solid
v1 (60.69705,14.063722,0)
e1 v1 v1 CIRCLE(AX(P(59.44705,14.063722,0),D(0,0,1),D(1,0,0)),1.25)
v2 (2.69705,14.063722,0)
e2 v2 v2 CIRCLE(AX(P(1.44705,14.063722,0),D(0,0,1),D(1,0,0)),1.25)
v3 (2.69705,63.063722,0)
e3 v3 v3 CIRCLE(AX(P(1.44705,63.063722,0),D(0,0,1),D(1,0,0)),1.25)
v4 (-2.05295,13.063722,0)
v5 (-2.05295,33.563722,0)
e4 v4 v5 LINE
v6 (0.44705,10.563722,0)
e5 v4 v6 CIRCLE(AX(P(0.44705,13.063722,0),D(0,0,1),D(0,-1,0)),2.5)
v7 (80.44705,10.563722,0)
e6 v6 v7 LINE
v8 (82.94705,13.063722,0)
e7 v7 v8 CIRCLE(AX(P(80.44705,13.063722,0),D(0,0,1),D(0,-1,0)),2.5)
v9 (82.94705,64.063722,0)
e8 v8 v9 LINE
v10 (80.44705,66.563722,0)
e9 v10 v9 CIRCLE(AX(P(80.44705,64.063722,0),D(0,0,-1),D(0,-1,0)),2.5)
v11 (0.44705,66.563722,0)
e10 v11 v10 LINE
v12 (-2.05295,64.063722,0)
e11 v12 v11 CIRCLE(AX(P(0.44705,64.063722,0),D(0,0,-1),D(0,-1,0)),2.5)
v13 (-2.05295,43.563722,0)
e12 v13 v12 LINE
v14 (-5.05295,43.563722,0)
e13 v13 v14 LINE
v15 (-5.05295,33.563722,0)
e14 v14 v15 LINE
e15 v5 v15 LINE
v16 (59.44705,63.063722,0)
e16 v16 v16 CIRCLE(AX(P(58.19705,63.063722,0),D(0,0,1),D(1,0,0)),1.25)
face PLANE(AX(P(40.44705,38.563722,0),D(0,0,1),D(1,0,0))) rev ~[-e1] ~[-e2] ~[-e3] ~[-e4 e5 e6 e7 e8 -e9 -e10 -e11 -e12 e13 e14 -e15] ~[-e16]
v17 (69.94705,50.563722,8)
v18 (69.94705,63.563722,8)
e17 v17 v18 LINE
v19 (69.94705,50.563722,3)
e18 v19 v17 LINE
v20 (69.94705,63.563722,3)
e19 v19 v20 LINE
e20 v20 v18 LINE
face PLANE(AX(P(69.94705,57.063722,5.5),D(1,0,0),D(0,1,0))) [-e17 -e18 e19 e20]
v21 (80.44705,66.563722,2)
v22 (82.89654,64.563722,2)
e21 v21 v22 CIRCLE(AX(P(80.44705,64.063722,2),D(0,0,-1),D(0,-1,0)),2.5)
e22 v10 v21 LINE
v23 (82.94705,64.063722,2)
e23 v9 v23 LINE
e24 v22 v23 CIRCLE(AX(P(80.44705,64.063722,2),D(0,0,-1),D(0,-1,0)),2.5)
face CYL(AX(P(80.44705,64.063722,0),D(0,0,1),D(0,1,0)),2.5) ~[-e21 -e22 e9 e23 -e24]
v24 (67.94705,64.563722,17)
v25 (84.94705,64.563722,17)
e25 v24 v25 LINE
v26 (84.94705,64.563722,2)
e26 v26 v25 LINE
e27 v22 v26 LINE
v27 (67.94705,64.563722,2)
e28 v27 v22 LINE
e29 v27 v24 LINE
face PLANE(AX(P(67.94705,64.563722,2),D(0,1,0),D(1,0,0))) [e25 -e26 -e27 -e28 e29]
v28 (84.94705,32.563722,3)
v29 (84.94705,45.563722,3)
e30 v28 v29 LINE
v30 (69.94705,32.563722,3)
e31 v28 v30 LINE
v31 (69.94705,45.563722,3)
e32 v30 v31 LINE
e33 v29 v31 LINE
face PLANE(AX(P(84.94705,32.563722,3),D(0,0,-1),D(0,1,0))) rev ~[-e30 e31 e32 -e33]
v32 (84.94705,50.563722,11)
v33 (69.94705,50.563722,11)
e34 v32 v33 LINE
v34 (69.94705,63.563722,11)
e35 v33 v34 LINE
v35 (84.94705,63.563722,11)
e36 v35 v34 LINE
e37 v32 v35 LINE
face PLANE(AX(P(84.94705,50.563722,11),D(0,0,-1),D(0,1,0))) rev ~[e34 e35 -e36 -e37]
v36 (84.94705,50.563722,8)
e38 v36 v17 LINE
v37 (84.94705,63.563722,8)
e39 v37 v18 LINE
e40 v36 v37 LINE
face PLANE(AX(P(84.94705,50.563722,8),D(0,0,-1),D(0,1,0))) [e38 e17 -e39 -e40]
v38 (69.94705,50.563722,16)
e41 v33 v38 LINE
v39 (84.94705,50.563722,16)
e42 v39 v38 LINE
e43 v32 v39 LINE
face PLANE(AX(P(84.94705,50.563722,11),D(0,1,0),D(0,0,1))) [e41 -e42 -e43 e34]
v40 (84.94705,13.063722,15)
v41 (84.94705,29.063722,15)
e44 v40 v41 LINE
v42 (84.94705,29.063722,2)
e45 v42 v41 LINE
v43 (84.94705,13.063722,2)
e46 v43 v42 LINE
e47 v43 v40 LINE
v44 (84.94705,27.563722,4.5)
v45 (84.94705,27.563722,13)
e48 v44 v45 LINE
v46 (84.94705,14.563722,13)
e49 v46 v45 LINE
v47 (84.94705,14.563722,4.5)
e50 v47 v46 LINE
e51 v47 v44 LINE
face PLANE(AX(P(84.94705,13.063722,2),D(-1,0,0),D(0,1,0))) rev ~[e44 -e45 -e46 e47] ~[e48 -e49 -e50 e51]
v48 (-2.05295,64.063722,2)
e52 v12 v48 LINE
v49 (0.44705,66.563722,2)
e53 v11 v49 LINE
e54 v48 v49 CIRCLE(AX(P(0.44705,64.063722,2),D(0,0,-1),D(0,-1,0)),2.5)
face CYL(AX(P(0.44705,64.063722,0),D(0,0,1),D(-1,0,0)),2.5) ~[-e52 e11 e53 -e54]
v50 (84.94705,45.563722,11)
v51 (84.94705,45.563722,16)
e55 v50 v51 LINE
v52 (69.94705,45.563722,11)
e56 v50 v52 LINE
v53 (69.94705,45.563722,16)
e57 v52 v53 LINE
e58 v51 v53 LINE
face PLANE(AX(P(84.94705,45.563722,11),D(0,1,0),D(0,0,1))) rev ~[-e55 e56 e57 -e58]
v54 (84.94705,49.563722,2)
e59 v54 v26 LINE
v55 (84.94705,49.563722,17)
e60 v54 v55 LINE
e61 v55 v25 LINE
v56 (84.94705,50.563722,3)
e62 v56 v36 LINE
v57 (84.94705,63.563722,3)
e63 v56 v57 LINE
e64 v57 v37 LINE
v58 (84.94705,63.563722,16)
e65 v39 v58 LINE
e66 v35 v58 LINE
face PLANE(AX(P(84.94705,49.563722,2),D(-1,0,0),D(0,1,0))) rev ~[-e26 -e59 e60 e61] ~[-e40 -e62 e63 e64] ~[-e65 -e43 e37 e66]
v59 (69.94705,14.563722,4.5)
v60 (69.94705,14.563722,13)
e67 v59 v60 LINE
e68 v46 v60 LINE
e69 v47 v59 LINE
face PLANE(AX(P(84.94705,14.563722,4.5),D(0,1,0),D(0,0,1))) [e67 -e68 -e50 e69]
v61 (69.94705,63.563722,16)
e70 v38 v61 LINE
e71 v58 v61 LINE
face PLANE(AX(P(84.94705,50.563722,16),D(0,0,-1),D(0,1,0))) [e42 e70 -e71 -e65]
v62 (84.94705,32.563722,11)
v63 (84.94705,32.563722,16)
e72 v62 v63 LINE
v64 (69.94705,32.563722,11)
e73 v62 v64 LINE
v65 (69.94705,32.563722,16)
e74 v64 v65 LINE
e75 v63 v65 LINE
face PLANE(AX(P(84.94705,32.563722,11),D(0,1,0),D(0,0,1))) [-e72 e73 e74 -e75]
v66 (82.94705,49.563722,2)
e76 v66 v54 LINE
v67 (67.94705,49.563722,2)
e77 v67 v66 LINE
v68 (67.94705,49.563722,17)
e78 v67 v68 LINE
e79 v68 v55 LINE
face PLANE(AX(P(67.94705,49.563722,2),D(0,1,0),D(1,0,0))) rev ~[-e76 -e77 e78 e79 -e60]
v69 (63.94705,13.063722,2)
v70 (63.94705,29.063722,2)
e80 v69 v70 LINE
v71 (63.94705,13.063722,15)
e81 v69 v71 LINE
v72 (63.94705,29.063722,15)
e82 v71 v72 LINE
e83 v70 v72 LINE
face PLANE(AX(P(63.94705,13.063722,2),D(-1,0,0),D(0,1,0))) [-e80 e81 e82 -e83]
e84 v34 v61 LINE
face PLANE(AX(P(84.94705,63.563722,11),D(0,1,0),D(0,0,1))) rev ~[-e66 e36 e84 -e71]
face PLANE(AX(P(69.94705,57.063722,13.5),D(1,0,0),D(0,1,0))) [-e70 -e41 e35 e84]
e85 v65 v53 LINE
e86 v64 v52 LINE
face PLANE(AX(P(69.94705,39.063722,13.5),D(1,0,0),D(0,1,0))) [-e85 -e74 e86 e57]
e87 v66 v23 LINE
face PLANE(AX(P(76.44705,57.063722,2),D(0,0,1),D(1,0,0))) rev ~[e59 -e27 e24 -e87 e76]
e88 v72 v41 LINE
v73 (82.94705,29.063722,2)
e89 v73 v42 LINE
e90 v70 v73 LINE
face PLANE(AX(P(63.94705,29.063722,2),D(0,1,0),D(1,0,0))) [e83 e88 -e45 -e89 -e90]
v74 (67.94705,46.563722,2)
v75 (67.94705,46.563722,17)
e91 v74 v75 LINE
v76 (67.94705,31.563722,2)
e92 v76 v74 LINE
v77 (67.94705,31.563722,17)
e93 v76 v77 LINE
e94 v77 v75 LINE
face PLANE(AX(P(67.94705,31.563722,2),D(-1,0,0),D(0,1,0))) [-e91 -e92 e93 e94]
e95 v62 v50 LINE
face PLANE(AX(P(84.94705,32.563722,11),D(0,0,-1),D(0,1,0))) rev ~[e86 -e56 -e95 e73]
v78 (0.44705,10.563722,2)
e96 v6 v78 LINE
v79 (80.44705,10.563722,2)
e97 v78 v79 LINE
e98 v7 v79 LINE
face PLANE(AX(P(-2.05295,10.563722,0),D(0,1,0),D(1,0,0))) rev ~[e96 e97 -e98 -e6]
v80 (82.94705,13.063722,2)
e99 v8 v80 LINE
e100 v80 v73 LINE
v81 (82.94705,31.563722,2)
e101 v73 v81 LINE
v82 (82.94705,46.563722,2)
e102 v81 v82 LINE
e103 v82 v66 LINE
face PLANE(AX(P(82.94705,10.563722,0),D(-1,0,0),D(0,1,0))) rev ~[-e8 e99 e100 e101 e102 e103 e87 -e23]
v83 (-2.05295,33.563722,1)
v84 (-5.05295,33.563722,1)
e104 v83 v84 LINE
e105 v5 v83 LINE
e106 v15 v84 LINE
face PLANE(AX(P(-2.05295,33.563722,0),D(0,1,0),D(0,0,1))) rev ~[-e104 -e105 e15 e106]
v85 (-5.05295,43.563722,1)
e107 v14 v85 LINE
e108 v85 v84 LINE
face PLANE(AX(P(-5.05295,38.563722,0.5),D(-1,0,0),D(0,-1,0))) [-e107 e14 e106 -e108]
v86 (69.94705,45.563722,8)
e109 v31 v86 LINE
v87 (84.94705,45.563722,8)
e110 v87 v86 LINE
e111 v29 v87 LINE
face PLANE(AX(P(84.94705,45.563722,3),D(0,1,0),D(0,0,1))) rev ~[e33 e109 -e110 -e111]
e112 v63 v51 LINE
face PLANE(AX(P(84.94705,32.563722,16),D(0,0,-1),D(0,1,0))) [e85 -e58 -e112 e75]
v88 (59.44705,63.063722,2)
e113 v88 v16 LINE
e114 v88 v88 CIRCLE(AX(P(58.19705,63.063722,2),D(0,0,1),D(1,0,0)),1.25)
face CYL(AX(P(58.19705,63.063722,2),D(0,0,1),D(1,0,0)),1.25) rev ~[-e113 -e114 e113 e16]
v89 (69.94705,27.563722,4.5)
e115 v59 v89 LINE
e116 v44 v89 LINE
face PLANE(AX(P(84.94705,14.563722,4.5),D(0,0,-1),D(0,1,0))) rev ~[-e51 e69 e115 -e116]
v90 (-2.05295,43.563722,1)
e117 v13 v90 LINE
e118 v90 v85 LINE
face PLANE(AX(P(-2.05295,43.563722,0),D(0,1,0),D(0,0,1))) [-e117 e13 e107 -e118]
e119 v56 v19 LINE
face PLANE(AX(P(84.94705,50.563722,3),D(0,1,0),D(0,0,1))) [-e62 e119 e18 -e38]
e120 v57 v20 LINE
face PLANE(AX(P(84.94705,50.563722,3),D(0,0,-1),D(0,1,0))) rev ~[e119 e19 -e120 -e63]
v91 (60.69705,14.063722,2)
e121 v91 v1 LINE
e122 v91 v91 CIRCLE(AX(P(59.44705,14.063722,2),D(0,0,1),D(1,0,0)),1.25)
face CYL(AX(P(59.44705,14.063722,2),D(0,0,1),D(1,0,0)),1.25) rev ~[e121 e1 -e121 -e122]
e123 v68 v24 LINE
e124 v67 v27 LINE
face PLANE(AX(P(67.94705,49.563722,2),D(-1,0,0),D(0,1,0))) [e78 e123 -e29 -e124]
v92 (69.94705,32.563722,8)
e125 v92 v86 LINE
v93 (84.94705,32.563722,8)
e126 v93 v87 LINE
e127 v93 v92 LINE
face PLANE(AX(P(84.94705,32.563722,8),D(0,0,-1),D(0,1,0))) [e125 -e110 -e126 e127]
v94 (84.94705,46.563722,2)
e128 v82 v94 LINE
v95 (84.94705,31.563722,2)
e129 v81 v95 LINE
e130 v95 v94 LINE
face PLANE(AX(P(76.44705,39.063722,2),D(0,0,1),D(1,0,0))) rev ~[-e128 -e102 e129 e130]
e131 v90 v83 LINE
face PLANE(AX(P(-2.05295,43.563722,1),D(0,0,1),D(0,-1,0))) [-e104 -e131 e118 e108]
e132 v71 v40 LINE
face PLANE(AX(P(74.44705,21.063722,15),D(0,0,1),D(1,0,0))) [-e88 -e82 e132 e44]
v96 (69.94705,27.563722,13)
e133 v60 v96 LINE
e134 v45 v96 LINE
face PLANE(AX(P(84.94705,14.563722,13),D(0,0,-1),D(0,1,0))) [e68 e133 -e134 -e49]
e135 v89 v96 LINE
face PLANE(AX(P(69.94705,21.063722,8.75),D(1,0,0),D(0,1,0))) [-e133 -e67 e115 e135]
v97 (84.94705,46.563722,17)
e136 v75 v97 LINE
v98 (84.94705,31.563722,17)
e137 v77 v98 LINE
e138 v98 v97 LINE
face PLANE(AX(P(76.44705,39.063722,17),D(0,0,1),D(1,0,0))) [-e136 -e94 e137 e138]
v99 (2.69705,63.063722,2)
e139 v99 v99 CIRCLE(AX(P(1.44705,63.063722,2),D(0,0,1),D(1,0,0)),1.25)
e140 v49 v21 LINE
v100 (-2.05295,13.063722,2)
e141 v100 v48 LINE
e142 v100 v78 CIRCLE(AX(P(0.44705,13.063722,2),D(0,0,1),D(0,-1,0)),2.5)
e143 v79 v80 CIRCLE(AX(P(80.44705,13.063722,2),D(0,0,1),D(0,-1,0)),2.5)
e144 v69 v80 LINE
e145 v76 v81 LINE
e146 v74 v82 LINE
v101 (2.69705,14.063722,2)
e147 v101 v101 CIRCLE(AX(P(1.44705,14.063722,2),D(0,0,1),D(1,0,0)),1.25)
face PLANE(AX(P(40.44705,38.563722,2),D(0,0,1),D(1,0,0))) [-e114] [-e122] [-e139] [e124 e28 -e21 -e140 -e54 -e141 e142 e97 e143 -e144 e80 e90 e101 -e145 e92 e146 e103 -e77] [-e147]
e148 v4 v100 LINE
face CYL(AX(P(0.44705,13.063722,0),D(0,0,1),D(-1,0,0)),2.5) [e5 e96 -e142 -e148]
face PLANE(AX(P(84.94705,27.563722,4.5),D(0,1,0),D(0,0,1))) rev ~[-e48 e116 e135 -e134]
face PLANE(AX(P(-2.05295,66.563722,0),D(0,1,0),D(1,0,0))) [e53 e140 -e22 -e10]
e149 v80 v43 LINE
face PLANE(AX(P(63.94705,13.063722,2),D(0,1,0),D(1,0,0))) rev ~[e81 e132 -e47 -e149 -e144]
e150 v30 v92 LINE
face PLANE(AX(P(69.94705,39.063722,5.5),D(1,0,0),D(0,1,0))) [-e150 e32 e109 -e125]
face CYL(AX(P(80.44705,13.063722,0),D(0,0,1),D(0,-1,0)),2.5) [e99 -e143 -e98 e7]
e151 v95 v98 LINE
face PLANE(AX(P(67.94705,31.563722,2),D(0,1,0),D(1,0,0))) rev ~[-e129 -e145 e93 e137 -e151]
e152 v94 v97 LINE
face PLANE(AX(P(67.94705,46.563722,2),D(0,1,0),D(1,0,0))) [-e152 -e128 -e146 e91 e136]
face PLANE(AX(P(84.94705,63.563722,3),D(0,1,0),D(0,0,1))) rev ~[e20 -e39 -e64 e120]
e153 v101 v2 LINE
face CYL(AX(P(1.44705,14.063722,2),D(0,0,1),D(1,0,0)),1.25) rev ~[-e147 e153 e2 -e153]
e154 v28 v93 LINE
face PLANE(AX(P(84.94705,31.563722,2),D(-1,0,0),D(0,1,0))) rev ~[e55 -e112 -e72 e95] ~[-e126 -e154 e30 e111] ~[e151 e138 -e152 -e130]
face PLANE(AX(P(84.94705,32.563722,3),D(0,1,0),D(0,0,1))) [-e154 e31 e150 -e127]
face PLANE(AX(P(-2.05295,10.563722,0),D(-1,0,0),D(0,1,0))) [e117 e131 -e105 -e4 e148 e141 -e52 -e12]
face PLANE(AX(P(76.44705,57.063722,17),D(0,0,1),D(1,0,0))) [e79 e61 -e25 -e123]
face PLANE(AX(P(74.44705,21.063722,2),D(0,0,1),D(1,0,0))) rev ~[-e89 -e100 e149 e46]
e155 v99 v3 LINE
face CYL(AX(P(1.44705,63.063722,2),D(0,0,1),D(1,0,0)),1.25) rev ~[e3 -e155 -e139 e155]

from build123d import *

# Parameters (mm, degrees)
F0_W      = 85
F0_H      = 56
F1_DEPTH  = 2
F2_R      = 1.25
F3_DEPTH  = 2
F4_R      = 2.5
F5_W      = 17
F5_H      = 15
F6_DEPTH  = 15
F7_W      = 13
F7_H      = 5
F8_DEPTH  = 15
F9_W      = 21
F9_H      = 16
F10_DEPTH = 13
F11_W     = 13
F11_H     = 8.5
F12_DEPTH = 15
F13_W     = 10
F13_H     = 1
F14_DEPTH = 3


with BuildPart() as f1:
    # F0 (on Top) → F1 (new body)
    with BuildSketch(Plane.XY):
        with Locations((40.44705, 38.563722)):
            Rectangle(F0_W, F0_H)
    extrude(amount=F1_DEPTH)

    # F2 (on face) → F3 (cut, through all)
    with BuildSketch(Plane.XY.offset(2)):
        with Locations((1.44705, 63.063722)):
            Circle(F2_R)
        with Locations((1.44705, 14.063722)):
            Circle(F2_R)
        with Locations((58.19705, 63.063722)):
            Circle(F2_R)
        with Locations((59.44705, 14.063722)):
            Circle(F2_R)
    extrude(amount=-F3_DEPTH, mode=Mode.SUBTRACT)

    # F4
    f4_edges = [f1.edges().sort_by_distance(p)[0] for p in [
        (82.94705, 10.563722, 1),
        (82.94705, 66.563722, 1),
        (-2.05295, 10.563722, 1),
        (-2.05295, 66.563722, 1),
    ]]
    fillet(f4_edges, radius=F4_R)

    # F5 (on face) → F6 (join)
    with BuildSketch(Plane.XY.offset(2)):
        with Locations((76.44705, 57.063722)):
            Rectangle(F5_W, F5_H)
        with Locations((76.44705, 39.063722)):
            Rectangle(F5_W, F5_H)
    extrude(amount=F6_DEPTH)

    # F7 (on face) → F8 (cut)
    with BuildSketch(Plane.YZ.offset(84.94705)):
        with Locations((39.063722, 13.5)):
            Rectangle(F7_W, F7_H)
        with Locations((39.063722, 5.5)):
            Rectangle(F7_W, F7_H)
        with Locations((57.063722, 13.5)):
            Rectangle(F7_W, F7_H)
        with Locations((57.063722, 5.5)):
            Rectangle(F7_W, F7_H)
    extrude(amount=-F8_DEPTH, mode=Mode.SUBTRACT)

    # F9 (on face) → F10 (join)
    with BuildSketch(Plane.XY.offset(2)):
        with Locations((74.44705, 21.063722)):
            Rectangle(F9_W, F9_H)
    extrude(amount=F10_DEPTH)

    # F11 (on face) → F12 (cut)
    with BuildSketch(Plane.YZ.offset(84.94705)):
        with Locations((21.063722, 8.75)):
            Rectangle(F11_W, F11_H)
    extrude(amount=-F12_DEPTH, mode=Mode.SUBTRACT)

    # F13 (on face) → F14 (join)
    with BuildSketch(Plane(origin=(-2.05295, 0, 0), x_dir=(0, -1, 0), z_dir=(-1, 0, 0))):
        with Locations((-38.563722, 0.5)):
            Rectangle(F13_W, F13_H)
    extrude(amount=F14_DEPTH)


solid = f1.part
